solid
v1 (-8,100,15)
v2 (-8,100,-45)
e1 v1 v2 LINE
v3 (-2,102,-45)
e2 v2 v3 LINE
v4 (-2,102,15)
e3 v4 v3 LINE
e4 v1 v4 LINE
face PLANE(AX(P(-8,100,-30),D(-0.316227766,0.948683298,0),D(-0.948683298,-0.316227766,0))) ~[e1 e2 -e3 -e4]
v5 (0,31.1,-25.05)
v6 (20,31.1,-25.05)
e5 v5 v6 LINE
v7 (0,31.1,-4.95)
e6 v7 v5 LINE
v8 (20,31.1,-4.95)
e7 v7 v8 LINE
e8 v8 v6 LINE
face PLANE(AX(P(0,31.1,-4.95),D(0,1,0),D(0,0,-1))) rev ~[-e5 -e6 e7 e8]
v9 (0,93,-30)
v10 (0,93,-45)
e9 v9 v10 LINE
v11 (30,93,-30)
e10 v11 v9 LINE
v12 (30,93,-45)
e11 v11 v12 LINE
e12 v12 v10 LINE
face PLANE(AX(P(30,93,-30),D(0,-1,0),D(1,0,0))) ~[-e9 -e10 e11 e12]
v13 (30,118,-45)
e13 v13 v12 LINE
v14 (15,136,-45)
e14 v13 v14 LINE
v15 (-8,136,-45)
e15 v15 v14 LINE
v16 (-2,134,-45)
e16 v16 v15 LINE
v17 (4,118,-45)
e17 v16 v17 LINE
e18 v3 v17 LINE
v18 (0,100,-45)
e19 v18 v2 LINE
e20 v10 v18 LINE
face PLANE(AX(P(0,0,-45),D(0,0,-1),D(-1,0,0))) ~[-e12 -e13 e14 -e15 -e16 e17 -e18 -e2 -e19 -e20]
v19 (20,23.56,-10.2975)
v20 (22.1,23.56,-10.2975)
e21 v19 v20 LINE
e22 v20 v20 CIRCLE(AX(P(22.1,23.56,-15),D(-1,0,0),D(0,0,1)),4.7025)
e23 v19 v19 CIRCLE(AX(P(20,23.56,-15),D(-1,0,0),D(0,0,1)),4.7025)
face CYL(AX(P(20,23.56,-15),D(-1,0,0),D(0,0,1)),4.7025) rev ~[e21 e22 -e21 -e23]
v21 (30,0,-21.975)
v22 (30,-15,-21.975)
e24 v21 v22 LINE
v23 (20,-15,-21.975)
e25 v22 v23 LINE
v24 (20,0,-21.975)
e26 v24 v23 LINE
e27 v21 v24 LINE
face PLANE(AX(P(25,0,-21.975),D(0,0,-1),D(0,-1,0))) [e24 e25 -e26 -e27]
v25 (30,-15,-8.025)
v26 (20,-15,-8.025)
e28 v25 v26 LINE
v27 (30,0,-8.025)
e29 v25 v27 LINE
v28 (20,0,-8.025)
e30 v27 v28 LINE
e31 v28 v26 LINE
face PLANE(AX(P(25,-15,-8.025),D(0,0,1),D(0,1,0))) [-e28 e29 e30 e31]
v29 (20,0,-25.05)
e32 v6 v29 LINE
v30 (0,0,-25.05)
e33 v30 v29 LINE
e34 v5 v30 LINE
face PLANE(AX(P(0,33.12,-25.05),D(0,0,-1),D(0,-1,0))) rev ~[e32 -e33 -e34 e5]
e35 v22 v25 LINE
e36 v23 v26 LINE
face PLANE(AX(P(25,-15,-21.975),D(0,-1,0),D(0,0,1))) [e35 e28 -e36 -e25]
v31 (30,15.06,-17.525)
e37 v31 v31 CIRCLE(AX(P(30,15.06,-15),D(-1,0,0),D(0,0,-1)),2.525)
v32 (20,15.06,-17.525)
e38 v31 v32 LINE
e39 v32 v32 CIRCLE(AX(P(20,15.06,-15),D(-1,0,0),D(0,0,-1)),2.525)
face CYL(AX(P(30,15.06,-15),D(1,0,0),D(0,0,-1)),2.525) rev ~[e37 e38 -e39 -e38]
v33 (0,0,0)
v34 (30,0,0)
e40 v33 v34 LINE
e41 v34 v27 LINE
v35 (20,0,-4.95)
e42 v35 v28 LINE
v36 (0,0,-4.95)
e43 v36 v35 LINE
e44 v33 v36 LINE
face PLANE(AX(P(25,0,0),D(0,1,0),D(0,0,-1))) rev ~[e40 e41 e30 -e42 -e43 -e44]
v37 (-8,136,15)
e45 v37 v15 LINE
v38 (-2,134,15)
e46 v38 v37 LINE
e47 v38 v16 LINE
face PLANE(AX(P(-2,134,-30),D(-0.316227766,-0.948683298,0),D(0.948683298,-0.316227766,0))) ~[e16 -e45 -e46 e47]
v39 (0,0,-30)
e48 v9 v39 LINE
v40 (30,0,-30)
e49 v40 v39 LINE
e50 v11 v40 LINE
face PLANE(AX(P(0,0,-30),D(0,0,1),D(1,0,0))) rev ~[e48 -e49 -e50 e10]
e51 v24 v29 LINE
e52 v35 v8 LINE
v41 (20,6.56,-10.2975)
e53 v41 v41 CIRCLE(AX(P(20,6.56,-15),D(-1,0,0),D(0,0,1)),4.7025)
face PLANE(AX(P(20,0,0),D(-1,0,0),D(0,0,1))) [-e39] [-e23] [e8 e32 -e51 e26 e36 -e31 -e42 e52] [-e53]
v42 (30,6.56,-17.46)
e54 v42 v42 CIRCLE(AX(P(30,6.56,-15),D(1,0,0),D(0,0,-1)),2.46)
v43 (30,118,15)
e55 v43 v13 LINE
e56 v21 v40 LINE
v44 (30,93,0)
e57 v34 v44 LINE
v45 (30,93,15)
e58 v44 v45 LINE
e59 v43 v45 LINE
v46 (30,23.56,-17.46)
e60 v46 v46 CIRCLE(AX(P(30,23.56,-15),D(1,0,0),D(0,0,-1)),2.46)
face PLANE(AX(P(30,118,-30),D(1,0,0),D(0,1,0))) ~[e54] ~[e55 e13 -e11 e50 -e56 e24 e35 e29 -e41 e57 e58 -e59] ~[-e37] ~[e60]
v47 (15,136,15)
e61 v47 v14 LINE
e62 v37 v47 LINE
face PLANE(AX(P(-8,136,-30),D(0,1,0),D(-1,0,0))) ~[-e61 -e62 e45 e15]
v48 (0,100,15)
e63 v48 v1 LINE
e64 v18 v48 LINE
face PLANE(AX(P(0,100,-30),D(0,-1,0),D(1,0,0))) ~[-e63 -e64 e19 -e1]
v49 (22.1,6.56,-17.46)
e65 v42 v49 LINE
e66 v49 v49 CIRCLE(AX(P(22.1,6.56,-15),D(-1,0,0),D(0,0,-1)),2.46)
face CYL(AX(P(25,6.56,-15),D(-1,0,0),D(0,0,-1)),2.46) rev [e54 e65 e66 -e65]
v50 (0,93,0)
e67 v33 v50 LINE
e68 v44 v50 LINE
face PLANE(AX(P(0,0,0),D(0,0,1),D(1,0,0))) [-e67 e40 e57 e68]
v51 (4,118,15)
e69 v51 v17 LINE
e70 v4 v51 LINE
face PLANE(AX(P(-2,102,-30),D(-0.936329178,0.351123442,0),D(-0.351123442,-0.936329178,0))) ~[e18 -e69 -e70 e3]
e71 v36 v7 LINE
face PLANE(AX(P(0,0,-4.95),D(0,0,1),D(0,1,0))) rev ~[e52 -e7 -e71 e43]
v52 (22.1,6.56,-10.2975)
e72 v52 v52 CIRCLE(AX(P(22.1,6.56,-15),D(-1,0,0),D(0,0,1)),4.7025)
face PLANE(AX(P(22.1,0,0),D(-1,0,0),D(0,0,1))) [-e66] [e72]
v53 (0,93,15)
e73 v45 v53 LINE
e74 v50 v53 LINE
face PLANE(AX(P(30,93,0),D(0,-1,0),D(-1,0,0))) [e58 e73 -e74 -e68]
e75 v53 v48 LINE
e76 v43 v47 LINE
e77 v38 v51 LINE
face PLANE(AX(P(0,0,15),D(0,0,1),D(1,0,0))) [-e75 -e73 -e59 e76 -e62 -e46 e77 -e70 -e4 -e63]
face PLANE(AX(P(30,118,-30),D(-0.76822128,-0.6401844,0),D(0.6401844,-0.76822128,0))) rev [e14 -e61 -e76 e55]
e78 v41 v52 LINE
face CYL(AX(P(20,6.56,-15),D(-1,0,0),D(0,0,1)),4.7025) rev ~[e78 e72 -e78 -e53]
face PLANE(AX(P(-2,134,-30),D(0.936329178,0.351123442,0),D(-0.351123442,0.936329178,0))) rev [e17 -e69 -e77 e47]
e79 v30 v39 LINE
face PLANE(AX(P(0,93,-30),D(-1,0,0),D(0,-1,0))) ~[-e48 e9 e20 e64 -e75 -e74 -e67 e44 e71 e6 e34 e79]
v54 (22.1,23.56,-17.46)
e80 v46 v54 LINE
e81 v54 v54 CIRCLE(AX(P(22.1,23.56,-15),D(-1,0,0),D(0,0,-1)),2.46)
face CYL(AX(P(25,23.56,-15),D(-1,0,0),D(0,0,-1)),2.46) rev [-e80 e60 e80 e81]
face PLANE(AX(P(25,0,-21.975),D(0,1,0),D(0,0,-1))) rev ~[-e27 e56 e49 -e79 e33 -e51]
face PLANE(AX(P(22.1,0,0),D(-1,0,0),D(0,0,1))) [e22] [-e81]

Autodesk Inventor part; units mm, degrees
ref_plane "YZ Plane" through (0, 0, 0) normal (1, 0, 0) x (0, 1, 0)
ref_plane "XZ Plane" through (0, 0, 0) normal (0, 1, 0) x (-1, 0, 0)
sketch "Sketch1" plane through (0, 0, 0) normal (0, 0, 1) x (1, 0, 0)
  line L0 (0, 0) -> (25, 0)
  line L1 (25, 0) -> (25, 40)
  line L2 (25, 40) -> (0, 40)
  line L3 (0, 40) -> (0, 0)
  dimension "d1" = 25
  dimension "d2" = 40
  dimension "d3" = 25
extrude "Extrusion1" add sketch "Sketch1" against normal blind 30
sketch "Sketch2" plane through (25, 0, 0) normal (1, 0, 0) x (0, 0, -1)
  line L0 (0, 0) -> (30, 0) projected
  circle A0 centre (15, 6.56) radius 2.46
extrude "Extrusion2" cut sketch "Sketch2" against normal blind 30
sketch "Sketch3" plane through (0, 0, 0) normal (-1, 0, 0) x (0, 0, 1)
  line L0 (0, 0) -> (-30, 0) projected
  line L1 (-25.05, 0) -> (-4.95, 0)
  line L2 (-4.95, 0) -> (-4.95, 33.12)
  line L3 (-4.95, 33.12) -> (-25.05, 33.12)
  line L4 (-25.05, 33.12) -> (-25.05, 0)
  dimension "d11" = 20.1
extrude "Extrusion3" cut sketch "Sketch3" against normal blind 20
sketch "Sketch4" plane through (0, 0, 0) normal (0, -1, 0) x (1, 0, 0)
  line L0 (20, -4.95) -> (20, -25.05) projected
  line L1 (20, -15) -> (25, -15)
  line L2 (25, 0) -> (25, -30) projected
  line L3 (20, -8.025) -> (25, -8.025)
  line L4 (25, -8.025) -> (25, -21.975)
  line L5 (25, -21.975) -> (20, -21.975)
  line L6 (20, -21.975) -> (20, -8.025)
  line L7 (20, -8.025) -> (25, -21.975) construction
  line L8 (25, -8.025) -> (20, -21.975) construction
  line L9 (25, -12.54) -> (25, -17.46) projected
  point P0 (0, 0)
  point P1 (22.5, -15)
  dimension "d14" = 13.95
extrude "Extrusion4" add sketch "Sketch4" along normal blind 15
sketch "Sketch5" plane through (20, 0, 0) normal (-1, 0, 0) x (0, 0, 1)
  circle A0 centre (-15, 6.56) radius 2.46 projected
  circle A1 centre (-15, 6.56) radius 4.7025
  circle A2 centre (-15, 6.56) radius 2.46 projected
  circle A3 centre (-15, 6.56) radius 2.46
  point P0 (0, 0)
  dimension "d17" = 9.405
extrude "Extrusion5" cut sketch "Sketch5" against normal blind 2.1
sketch "Sketch6" plane through (25, 0, 0) normal (1, 0, 0) x (0, 0, -1)
  circle A0 centre (15, 6.56) radius 4.7025 projected
  line L0 (15, 6.56) -> (15, 23.56)
  circle A1 centre (15, 23.56) radius 2.46
  point P0 (0, 0)
  dimension "d20" = 17
  dimension "d21" = 4.92
extrude "Extrusion6" cut sketch "Sketch6" against normal blind 10 contours A1
sketch "Sketch7" plane through (20, 0, 0) normal (-1, 0, 0) x (0, 0, 1)
  circle A0 centre (-15, 23.56) radius 2.46 projected
  circle A1 centre (-15, 23.56) radius 4.7025
  point P0 (0, 0)
  dimension "d24" = 9.405
extrude "Extrusion7" cut sketch "Sketch7" against normal blind 2.1
sketch "Sketch9" plane through (25, 0, 0) normal (1, 0, 0) x (0, 0, -1)
  circle A0 centre (15, 6.56) radius 2.46 projected
  circle A1 centre (15, 6.56) radius 2.46
  circle A2 centre (15, 23.56) radius 2.46 projected
  circle A3 centre (15, 23.56) radius 2.46
  line L0 (30, 40) -> (30, 0) projected
  line L1 (30, 0) -> (30, 40)
  line L2 (30, 40) -> (0, 40)
  line L3 (0, 40) -> (0, 0)
  line L4 (0, 0) -> (8.025, 0) projected
  line L5 (21.975, 0) -> (21.975, -15)
  line L6 (21.975, -15) -> (8.025, -15)
  line L7 (8.025, -15) -> (8.025, 0)
  line L8 (0, 0) -> (8.025, 0)
  line L9 (21.975, 0) -> (30, 0)
extrude "Extrusion8" add sketch "Sketch9" along normal blind 5
sketch "Sketch10" plane through (0, 40, 0) normal (0, 1, 0) x (1, 0, 0)
  line L0 (0, 30) -> (30, 30) projected
  line L1 (30, 0) -> (0, 0) projected
  line L2 (0, 30) -> (30, 30)
  line L3 (30, 30) -> (30, 0)
  line L4 (30, 0) -> (0, 0)
  line L5 (0, 0) -> (0, 30)
extrude "Extrusion9" add sketch "Sketch10" along normal blind 30
sketch "Sketch12" plane through (30, 0, 0) normal (1, 0, 0) x (0, 0, -1)
  circle A0 centre (15, 6.56) radius 2.46 projected
  line L0 (15, 6.56) -> (15, 15.06)
  circle A1 centre (15, 15.06) radius 2.525
  point P0 (0, 0)
  dimension "d31" = 8.5
  dimension "d33" = 5.05
extrude "Extrusion10" cut sketch "Sketch12" against normal blind 30 contours A1
sketch "Sketch14" plane through (0, 0, 0) normal (0, 0, 1) x (1, 0, 0)
  line L0 (30, 70) -> (0, 70) projected
  line L1 (0, 100) -> (-8, 100)
  line L2 (30, 0) -> (30, 70) projected
  line L3 (30, 118) -> (30, 70)
  line L4 (30, 105) -> (30, 100)
  line L5 (-2, 134) -> (-8, 136)
  line L6 (-2, 134) -> (4, 118)
  line L7 (-2, 102) -> (-8, 100)
  line L8 (-2, 102) -> (4, 118)
  line L9 (0, 70) -> (30, 70) projected
  line L10 (0, 70) -> (0, 100)
  line L11 (15, 136) -> (30, 118)
  line L12 (-8, 136) -> (15, 136)
  point P0 (0, 0)
  dimension "d47" = 30
extrude "Extrusion12" add sketch "Sketch14" against normal blind 30
sketch "Sketch15" plane through (0, 0, -25.05) normal (-1, 0, 0) x (0, 0, 1)
  line L0 (0, 33.12) -> (20.1, 33.12) projected
  line L1 (20.1, 33.12) -> (20.1, 0) projected
  line L2 (0, 33.12) -> (20.1, 33.12)
  line L3 (20.1, 33.12) -> (20.1, 31.1)
  line L4 (20.1, 31.1) -> (0, 31.1)
  line L5 (0, 31.1) -> (0, 33.12)
  point P0 (25.05, 0)
  dimension "d57" = 2.02
extrude "Extrusion13" add sketch "Sketch15" against normal blind 20
sketch "Sketch23" plane through (0, 0, 0) normal (0, 0, 1) x (1, 0, 0)
  line L0 (0, 100) -> (-8, 100) projected
  line L1 (-8, 100) -> (-2, 102) projected
  line L2 (-8, 100) -> (-2, 102)
  line L3 (-2, 102) -> (4, 118) projected
  line L4 (-2, 102) -> (4, 118)
  line L5 (-2, 134) -> (4, 118) projected
  line L6 (4, 118) -> (-2, 134)
  line L7 (-2, 134) -> (-8, 136) projected
  line L8 (-2, 134) -> (-8, 136)
  line L9 (-8, 136) -> (15, 136) projected
  line L10 (-8, 136) -> (15, 136)
  line L11 (30, 118) -> (15, 136) projected
  line L12 (15, 136) -> (30, 118)
  line L13 (30, 118) -> (30, 93)
  line L14 (30, 0) -> (30, 118) projected
  line L15 (30, 93) -> (0, 93)
  line L16 (0, 93) -> (0, 100)
  line L17 (-8, 100) -> (0, 100)
  point P0 (0, 0)
  dimension "d85" = 25
extrude "Extrusion14" add sketch "Sketch23" along normal blind 15
ref_plane "Work Plane1" through (0, 0, -15) normal (0, 0, 1) x (1, 0, 0)
mirror "Mirror1" about plane through (0, 0, -15) normal (0, 0, 1) of "Extrusion14"
properties part number "32mm_x_60mm"
